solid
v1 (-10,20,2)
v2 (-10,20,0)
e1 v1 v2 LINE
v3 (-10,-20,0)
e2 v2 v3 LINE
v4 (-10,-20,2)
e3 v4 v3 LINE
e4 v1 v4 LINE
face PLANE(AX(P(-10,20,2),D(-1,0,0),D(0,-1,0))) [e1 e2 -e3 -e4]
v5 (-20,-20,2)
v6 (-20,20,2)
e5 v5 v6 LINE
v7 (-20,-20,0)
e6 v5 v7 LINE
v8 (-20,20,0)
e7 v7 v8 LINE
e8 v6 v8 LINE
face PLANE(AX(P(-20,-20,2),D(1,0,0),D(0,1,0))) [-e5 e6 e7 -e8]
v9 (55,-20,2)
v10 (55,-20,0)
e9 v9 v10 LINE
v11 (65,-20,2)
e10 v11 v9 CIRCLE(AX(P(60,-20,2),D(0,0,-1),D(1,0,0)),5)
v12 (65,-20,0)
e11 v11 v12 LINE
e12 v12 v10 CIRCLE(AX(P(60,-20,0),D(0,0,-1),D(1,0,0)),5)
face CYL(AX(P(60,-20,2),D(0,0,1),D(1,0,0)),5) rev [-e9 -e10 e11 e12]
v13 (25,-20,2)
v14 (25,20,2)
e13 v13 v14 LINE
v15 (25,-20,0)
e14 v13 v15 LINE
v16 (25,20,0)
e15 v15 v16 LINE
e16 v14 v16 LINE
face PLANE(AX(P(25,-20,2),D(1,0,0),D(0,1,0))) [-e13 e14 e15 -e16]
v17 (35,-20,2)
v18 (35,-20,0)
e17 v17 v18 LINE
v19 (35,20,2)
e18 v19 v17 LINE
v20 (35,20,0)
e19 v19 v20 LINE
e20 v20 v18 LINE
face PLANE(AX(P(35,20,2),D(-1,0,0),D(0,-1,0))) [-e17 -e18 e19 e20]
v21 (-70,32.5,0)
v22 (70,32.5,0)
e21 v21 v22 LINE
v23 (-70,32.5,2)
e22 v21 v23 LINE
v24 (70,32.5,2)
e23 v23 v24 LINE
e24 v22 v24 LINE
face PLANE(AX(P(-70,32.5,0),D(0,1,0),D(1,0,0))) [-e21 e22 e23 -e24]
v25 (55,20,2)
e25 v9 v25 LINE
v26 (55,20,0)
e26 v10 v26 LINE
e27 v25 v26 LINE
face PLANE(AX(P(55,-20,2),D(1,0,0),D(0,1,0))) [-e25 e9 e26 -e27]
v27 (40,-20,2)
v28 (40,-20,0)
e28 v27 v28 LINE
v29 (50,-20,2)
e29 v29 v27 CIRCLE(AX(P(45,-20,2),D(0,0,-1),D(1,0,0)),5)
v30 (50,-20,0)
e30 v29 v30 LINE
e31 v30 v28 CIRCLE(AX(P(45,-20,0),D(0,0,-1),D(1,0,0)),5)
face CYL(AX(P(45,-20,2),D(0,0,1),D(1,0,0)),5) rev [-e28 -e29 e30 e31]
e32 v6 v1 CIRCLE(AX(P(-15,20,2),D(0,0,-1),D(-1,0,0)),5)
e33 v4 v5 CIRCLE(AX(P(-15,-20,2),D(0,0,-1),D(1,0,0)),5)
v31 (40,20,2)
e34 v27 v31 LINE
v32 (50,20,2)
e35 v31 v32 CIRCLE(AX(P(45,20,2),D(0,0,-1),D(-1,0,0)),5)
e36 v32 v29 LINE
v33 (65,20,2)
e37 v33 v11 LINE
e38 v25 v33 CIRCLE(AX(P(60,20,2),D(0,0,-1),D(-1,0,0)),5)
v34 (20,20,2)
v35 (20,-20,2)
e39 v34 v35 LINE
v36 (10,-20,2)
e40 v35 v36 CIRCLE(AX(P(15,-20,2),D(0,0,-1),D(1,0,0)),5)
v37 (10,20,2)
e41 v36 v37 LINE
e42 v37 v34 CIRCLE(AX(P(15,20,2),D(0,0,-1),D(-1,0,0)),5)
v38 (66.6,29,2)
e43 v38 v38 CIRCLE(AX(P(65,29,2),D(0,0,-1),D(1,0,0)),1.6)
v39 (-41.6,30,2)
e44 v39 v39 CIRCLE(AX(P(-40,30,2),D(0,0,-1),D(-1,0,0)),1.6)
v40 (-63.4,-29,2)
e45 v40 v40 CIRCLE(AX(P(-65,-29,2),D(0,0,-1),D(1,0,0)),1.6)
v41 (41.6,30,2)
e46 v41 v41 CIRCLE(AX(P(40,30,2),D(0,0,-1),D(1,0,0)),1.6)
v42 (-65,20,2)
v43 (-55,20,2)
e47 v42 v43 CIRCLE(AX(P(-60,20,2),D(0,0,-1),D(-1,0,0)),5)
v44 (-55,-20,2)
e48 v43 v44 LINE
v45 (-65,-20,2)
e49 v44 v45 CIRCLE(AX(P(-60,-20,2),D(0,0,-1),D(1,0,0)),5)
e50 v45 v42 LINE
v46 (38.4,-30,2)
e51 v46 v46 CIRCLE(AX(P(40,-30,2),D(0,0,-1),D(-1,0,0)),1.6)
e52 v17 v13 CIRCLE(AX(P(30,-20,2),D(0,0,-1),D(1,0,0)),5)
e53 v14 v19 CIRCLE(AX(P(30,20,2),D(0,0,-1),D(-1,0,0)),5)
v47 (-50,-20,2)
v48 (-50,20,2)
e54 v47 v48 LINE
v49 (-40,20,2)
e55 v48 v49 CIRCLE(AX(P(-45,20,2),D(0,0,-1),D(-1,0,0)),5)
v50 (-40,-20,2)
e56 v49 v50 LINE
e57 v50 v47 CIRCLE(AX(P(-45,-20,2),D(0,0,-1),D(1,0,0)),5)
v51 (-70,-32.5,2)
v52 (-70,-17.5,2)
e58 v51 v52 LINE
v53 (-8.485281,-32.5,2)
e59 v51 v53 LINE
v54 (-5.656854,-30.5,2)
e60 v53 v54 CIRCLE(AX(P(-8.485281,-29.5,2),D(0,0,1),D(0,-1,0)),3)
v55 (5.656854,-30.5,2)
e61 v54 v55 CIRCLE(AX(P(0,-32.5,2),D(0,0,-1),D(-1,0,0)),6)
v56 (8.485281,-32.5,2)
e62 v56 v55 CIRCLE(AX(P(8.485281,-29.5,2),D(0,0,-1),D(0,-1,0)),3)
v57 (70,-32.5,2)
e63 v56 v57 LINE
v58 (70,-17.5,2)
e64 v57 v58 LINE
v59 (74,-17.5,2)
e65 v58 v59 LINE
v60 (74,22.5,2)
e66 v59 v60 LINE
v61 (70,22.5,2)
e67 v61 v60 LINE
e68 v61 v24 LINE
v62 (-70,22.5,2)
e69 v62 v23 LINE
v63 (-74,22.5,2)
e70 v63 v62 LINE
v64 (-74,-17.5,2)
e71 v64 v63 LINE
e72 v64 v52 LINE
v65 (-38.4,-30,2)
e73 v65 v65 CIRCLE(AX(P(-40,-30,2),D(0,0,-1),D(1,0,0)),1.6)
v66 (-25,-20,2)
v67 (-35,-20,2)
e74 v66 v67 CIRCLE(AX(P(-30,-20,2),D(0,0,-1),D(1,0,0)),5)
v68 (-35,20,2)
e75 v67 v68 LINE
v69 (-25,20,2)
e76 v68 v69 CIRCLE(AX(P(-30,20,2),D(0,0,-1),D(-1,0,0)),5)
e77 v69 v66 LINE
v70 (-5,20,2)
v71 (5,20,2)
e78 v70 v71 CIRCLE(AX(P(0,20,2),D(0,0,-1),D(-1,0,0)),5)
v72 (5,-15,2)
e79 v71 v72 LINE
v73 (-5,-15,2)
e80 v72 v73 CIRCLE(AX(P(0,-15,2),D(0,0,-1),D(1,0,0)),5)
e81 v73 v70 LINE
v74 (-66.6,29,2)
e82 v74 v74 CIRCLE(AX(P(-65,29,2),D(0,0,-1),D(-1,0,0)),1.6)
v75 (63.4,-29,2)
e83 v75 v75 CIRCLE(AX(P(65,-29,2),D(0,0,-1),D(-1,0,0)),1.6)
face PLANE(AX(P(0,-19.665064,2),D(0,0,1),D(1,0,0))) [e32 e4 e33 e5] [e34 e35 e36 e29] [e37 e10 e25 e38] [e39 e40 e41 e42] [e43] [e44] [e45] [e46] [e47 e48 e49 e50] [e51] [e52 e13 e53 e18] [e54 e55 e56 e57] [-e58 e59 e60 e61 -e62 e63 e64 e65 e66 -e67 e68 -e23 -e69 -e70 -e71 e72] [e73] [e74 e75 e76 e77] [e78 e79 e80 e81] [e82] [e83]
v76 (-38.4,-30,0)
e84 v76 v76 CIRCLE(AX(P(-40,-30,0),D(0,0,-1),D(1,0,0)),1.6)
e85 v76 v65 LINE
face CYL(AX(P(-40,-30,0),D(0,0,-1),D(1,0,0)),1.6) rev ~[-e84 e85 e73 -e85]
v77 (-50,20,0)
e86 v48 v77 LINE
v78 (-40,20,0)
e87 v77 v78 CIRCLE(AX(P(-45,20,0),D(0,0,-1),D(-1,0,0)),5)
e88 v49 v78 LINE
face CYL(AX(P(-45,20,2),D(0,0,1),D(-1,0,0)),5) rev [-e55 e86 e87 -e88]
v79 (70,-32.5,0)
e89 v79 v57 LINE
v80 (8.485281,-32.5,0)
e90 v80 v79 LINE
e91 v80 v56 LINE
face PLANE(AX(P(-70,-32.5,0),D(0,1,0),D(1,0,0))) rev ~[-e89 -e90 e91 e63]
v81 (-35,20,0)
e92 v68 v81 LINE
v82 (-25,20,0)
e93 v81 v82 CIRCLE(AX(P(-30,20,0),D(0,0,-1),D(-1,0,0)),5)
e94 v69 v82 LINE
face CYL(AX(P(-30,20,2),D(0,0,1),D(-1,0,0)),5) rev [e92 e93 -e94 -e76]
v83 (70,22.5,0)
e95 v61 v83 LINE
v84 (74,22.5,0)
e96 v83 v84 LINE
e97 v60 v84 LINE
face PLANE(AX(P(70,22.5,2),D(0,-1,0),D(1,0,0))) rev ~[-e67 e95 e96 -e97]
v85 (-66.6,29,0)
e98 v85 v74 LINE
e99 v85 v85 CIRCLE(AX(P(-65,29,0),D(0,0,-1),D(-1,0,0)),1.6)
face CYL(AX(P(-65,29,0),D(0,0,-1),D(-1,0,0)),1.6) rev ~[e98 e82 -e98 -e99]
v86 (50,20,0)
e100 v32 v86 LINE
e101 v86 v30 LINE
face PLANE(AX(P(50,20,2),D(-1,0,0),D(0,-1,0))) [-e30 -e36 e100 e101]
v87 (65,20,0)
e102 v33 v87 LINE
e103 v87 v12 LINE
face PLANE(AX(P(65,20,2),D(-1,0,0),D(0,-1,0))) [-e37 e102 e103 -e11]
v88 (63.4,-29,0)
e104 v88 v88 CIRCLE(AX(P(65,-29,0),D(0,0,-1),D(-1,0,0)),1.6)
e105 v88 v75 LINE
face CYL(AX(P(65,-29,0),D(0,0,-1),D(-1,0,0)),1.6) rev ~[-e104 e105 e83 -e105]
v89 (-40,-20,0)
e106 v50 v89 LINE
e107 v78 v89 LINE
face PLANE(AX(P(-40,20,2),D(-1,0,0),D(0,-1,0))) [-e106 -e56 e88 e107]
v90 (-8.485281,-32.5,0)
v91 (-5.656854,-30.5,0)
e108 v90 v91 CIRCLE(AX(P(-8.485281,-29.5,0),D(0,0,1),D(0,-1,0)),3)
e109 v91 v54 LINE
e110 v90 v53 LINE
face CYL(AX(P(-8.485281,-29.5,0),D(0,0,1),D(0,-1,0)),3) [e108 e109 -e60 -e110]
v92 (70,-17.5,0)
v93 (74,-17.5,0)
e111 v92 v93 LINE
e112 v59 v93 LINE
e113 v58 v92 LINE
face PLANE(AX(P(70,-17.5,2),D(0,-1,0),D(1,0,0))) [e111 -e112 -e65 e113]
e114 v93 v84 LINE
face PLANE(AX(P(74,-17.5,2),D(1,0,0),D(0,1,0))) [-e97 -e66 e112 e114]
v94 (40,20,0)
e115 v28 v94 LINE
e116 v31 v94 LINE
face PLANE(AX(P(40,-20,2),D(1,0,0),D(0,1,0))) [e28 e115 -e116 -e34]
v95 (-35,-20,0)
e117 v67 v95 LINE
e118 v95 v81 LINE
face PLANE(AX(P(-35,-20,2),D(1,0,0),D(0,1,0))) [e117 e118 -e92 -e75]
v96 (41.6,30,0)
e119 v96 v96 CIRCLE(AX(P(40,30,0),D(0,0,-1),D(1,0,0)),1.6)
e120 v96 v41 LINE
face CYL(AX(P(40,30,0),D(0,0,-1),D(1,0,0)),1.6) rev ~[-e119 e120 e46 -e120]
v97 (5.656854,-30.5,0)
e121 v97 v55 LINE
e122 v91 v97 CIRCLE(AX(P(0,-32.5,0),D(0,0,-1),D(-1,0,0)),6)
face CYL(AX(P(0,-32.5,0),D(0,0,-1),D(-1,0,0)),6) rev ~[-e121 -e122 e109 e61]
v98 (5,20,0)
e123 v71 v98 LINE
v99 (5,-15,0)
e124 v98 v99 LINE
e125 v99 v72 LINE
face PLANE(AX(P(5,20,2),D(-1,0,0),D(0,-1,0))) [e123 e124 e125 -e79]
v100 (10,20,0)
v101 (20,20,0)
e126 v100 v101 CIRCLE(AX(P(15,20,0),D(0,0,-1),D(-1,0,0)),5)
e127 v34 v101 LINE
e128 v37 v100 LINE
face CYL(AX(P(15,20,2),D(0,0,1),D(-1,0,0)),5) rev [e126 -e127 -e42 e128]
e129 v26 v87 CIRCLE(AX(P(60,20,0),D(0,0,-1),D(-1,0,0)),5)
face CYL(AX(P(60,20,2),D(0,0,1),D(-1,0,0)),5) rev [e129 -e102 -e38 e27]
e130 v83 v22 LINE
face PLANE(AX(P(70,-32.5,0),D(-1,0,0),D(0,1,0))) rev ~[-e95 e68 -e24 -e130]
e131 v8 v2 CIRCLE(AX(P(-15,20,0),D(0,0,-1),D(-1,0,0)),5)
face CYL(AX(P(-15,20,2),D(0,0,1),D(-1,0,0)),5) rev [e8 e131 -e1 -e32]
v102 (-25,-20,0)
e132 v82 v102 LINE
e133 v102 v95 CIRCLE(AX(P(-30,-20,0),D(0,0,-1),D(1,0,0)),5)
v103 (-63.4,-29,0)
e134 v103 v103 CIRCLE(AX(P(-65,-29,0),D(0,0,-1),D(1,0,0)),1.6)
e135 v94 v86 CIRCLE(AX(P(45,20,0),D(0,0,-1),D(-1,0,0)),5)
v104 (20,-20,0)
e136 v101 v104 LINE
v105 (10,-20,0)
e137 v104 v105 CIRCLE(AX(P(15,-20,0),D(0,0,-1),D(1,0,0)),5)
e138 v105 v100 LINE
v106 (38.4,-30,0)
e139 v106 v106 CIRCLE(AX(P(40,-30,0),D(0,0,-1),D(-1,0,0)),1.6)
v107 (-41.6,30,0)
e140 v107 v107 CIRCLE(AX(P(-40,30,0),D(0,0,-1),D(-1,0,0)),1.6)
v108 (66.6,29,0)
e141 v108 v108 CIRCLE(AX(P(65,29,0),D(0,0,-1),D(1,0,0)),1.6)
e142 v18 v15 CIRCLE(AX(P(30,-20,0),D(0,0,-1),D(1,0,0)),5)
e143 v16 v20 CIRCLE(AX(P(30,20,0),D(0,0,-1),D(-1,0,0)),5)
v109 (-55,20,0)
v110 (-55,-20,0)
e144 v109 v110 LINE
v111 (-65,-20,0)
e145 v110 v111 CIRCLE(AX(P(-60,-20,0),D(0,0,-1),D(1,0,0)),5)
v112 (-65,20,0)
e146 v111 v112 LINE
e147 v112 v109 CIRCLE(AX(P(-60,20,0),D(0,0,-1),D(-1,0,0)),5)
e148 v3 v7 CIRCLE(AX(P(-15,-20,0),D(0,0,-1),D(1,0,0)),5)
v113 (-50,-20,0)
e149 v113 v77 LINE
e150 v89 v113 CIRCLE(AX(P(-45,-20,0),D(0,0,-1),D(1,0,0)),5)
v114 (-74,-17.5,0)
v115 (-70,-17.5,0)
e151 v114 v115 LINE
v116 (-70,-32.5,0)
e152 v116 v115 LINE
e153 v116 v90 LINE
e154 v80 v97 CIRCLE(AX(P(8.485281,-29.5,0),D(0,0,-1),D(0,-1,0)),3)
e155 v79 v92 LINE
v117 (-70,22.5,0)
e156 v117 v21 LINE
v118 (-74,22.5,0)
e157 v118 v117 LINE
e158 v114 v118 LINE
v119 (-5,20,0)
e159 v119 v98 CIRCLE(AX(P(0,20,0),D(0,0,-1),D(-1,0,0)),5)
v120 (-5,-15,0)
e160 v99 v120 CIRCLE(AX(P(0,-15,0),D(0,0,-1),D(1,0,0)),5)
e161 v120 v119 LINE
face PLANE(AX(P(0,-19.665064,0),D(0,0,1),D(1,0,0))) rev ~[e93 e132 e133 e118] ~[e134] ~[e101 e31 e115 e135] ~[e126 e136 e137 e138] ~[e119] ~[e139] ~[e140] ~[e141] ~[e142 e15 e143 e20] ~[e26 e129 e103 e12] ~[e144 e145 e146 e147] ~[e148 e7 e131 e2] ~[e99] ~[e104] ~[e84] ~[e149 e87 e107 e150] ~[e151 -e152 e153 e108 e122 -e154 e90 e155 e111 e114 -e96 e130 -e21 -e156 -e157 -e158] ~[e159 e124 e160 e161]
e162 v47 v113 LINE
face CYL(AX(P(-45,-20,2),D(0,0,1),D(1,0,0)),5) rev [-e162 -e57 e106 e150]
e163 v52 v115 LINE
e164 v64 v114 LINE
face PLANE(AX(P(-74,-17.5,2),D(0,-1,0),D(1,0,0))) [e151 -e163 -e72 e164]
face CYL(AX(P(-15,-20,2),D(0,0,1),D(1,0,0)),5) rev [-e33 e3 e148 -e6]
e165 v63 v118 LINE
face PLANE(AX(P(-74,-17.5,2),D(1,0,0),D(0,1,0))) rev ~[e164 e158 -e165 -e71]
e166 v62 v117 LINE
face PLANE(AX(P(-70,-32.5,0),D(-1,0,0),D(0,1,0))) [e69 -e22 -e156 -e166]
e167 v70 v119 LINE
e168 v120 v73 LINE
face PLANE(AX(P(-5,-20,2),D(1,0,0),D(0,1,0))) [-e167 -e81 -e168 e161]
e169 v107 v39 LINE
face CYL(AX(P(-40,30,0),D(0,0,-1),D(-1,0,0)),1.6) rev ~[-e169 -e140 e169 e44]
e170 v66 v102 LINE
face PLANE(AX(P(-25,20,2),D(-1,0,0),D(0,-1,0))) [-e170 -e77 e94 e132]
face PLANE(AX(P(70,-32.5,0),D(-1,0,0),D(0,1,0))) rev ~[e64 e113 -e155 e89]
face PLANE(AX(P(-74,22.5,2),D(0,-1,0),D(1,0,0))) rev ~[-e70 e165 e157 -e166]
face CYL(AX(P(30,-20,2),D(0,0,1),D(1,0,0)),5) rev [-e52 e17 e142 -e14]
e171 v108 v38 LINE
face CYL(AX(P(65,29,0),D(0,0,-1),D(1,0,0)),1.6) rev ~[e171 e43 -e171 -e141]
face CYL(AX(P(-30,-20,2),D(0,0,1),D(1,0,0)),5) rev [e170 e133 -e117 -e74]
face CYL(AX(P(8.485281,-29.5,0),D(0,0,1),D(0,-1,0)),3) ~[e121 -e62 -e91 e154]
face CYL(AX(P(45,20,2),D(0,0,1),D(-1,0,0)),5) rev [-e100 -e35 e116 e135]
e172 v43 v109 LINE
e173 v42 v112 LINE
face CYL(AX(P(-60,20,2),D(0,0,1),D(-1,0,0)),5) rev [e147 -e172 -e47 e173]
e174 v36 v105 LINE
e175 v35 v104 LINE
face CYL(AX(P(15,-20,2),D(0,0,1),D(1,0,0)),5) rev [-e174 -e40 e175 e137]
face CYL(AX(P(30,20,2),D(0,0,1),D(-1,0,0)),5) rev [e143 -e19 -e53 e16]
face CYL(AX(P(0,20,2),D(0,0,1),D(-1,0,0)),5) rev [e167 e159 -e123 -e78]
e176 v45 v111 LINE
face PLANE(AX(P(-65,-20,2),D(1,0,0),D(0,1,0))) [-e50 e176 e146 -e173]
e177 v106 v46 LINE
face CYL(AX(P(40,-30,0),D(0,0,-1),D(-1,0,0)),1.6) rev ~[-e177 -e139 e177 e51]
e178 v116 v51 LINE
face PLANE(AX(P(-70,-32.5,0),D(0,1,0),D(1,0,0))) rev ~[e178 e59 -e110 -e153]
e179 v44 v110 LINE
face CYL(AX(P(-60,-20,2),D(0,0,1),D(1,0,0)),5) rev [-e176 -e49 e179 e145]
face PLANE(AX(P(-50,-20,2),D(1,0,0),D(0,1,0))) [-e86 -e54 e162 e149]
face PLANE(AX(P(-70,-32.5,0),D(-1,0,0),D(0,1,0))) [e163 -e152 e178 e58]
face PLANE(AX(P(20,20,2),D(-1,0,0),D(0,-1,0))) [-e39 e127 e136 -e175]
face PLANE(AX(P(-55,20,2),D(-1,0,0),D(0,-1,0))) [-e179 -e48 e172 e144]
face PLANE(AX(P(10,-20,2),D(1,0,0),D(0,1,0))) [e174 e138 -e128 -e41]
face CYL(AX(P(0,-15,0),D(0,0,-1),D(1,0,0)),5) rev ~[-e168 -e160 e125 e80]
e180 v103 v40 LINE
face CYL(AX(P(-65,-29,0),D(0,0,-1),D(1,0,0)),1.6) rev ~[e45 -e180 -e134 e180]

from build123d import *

# Parameters (mm, degrees)
SKETCH_1_W          = 140
SKETCH_1_H          = 65
EXTRUDE_1_DEPTH     = 2
SKETCH_2_W          = 4
SKETCH_2_H          = 40
EXTRUDE_2_DEPTH     = 2
CUT_EXTRUDE_1_DEPTH = 2
SKETCH_4_R          = 1.6
CUT_EXTRUDE_2_DEPTH = 2
SKETCH_5_R          = 1.6
CUT_EXTRUDE_3_DEPTH = 2
CUT_EXTRUDE_4_DEPTH = 81.847077869
FILLET_1_R          = 3
EXTRUDE_3_DEPTH     = 2


with BuildPart() as part:
    # 草图1 → 凸台-拉伸1 (new body)
    with BuildSketch(Plane.XY):
        Rectangle(SKETCH_1_W, SKETCH_1_H)
    extrude(amount=EXTRUDE_1_DEPTH)

    # 草图2 → 凸台-拉伸2 (add)
    with BuildSketch(Plane.XY.offset(2)):
        with Locations((-72, 2.5)):
            Rectangle(SKETCH_2_W, SKETCH_2_H)
        with Locations((72, 2.5)):
            Rectangle(SKETCH_2_W, SKETCH_2_H)
    extrude(amount=-EXTRUDE_2_DEPTH)

    # 草图3 → 切除-拉伸1 (cut)
    with BuildSketch(Plane.XY.offset(2)):
        with BuildLine():
            Line((-65, -20), (-65, 20))
            ThreePointArc((-65, 20), (-60, 25), (-55, 20))
            Line((-55, 20), (-55, -20))
            ThreePointArc((-55, -20), (-60, -25), (-65, -20))
        make_face()
        with BuildLine():
            Line((-50, -20), (-50, 20))
            ThreePointArc((-50, 20), (-45, 25), (-40, 20))
            Line((-40, 20), (-40, -20))
            ThreePointArc((-40, -20), (-45, -25), (-50, -20))
        make_face()
        with BuildLine():
            Line((-35, -20), (-35, 20))
            ThreePointArc((-35, 20), (-30, 25), (-25, 20))
            Line((-25, 20), (-25, -20))
            ThreePointArc((-25, -20), (-30, -25), (-35, -20))
        make_face()
        with BuildLine():
            Line((-20, -20), (-20, 20))
            ThreePointArc((-20, 20), (-15, 25), (-10, 20))
            Line((-10, 20), (-10, -20))
            ThreePointArc((-10, -20), (-15, -25), (-20, -20))
        make_face()
        with BuildLine():
            Line((-5, -20), (-5, 20))
            ThreePointArc((-5, 20), (0, 25), (5, 20))
            Line((5, 20), (5, -20))
            ThreePointArc((5, -20), (0, -25), (-5, -20))
        make_face()
        with BuildLine():
            Line((10, -20), (10, 20))
            ThreePointArc((10, 20), (15, 25), (20, 20))
            Line((20, 20), (20, -20))
            ThreePointArc((20, -20), (15, -25), (10, -20))
        make_face()
        with BuildLine():
            Line((25, -20), (25, 20))
            ThreePointArc((25, 20), (30, 25), (35, 20))
            Line((35, 20), (35, -20))
            ThreePointArc((35, -20), (30, -25), (25, -20))
        make_face()
        with BuildLine():
            Line((40, -20), (40, 20))
            ThreePointArc((40, 20), (45, 25), (50, 20))
            Line((50, 20), (50, -20))
            ThreePointArc((50, -20), (45, -25), (40, -20))
        make_face()
        with BuildLine():
            Line((55, -20), (55, 20))
            ThreePointArc((55, 20), (60, 25), (65, 20))
            Line((65, 20), (65, -20))
            ThreePointArc((65, -20), (60, -25), (55, -20))
        make_face()
    extrude(amount=-CUT_EXTRUDE_1_DEPTH, mode=Mode.SUBTRACT)

    # 草图4 → 切除-拉伸2 (cut)
    with BuildSketch(Plane(origin=(0, 0, 0), x_dir=(-1, 0, 0), z_dir=(0, 0, -1))):
        with Locations((-40, -30)):
            Circle(SKETCH_4_R)
        with Locations(Location((40, -30, 0), (0, 0, 180))):
            Circle(SKETCH_4_R)
        with Locations((40, 30)):
            Circle(SKETCH_4_R)
        with Locations(Location((-40, 30, 0), (0, 0, 180))):
            Circle(SKETCH_4_R)
    extrude(amount=-CUT_EXTRUDE_2_DEPTH, mode=Mode.SUBTRACT)

    # 草图5 → 切除-拉伸3 (cut)
    with BuildSketch(Plane(origin=(0, 0, 0), x_dir=(-1, 0, 0), z_dir=(0, 0, -1))):
        with Locations((-65, -29)):
            Circle(SKETCH_5_R)
        with Locations(Location((-65, 29, 0), (0, 0, 180))):
            Circle(SKETCH_5_R)
        with Locations(Location((65, -29, 0), (0, 0, 180))):
            Circle(SKETCH_5_R)
        with Locations((65, 29)):
            Circle(SKETCH_5_R)
    extrude(amount=-CUT_EXTRUDE_3_DEPTH, mode=Mode.SUBTRACT)

    # 草图6 → 切除-拉伸4 (cut, through all)
    with BuildSketch(Plane(origin=(0, 0, 0), x_dir=(-1, 0, 0), z_dir=(0, 0, -1))):
        with BuildLine():
            Line((-6, -32.5), (6, -32.5))
            ThreePointArc((6, -32.5), (0, -26.5), (-6, -32.5))
        make_face()
    extrude(amount=-CUT_EXTRUDE_4_DEPTH, mode=Mode.SUBTRACT)

    # 圆角1
    fillet_1_edges = [part.edges().sort_by_distance(p)[0] for p in [
        (6, -32.5, 1),
        (-6, -32.5, 1),
    ]]
    fillet(fillet_1_edges, radius=FILLET_1_R)

    # 草图7 → 凸台-拉伸3 (add, through all)
    with BuildSketch(Plane(origin=(0, 0, 0), x_dir=(-1, 0, 0), z_dir=(0, 0, -1))):
        with BuildLine():
            Line((5, -15), (5, -20))
            ThreePointArc((5, -20), (0, -25), (-5, -20))
            Line((-5, -20), (-5, -15))
            ThreePointArc((-5, -15), (0, -20), (5, -15))
        make_face()
    extrude(amount=-EXTRUDE_3_DEPTH)


solid = part.part
